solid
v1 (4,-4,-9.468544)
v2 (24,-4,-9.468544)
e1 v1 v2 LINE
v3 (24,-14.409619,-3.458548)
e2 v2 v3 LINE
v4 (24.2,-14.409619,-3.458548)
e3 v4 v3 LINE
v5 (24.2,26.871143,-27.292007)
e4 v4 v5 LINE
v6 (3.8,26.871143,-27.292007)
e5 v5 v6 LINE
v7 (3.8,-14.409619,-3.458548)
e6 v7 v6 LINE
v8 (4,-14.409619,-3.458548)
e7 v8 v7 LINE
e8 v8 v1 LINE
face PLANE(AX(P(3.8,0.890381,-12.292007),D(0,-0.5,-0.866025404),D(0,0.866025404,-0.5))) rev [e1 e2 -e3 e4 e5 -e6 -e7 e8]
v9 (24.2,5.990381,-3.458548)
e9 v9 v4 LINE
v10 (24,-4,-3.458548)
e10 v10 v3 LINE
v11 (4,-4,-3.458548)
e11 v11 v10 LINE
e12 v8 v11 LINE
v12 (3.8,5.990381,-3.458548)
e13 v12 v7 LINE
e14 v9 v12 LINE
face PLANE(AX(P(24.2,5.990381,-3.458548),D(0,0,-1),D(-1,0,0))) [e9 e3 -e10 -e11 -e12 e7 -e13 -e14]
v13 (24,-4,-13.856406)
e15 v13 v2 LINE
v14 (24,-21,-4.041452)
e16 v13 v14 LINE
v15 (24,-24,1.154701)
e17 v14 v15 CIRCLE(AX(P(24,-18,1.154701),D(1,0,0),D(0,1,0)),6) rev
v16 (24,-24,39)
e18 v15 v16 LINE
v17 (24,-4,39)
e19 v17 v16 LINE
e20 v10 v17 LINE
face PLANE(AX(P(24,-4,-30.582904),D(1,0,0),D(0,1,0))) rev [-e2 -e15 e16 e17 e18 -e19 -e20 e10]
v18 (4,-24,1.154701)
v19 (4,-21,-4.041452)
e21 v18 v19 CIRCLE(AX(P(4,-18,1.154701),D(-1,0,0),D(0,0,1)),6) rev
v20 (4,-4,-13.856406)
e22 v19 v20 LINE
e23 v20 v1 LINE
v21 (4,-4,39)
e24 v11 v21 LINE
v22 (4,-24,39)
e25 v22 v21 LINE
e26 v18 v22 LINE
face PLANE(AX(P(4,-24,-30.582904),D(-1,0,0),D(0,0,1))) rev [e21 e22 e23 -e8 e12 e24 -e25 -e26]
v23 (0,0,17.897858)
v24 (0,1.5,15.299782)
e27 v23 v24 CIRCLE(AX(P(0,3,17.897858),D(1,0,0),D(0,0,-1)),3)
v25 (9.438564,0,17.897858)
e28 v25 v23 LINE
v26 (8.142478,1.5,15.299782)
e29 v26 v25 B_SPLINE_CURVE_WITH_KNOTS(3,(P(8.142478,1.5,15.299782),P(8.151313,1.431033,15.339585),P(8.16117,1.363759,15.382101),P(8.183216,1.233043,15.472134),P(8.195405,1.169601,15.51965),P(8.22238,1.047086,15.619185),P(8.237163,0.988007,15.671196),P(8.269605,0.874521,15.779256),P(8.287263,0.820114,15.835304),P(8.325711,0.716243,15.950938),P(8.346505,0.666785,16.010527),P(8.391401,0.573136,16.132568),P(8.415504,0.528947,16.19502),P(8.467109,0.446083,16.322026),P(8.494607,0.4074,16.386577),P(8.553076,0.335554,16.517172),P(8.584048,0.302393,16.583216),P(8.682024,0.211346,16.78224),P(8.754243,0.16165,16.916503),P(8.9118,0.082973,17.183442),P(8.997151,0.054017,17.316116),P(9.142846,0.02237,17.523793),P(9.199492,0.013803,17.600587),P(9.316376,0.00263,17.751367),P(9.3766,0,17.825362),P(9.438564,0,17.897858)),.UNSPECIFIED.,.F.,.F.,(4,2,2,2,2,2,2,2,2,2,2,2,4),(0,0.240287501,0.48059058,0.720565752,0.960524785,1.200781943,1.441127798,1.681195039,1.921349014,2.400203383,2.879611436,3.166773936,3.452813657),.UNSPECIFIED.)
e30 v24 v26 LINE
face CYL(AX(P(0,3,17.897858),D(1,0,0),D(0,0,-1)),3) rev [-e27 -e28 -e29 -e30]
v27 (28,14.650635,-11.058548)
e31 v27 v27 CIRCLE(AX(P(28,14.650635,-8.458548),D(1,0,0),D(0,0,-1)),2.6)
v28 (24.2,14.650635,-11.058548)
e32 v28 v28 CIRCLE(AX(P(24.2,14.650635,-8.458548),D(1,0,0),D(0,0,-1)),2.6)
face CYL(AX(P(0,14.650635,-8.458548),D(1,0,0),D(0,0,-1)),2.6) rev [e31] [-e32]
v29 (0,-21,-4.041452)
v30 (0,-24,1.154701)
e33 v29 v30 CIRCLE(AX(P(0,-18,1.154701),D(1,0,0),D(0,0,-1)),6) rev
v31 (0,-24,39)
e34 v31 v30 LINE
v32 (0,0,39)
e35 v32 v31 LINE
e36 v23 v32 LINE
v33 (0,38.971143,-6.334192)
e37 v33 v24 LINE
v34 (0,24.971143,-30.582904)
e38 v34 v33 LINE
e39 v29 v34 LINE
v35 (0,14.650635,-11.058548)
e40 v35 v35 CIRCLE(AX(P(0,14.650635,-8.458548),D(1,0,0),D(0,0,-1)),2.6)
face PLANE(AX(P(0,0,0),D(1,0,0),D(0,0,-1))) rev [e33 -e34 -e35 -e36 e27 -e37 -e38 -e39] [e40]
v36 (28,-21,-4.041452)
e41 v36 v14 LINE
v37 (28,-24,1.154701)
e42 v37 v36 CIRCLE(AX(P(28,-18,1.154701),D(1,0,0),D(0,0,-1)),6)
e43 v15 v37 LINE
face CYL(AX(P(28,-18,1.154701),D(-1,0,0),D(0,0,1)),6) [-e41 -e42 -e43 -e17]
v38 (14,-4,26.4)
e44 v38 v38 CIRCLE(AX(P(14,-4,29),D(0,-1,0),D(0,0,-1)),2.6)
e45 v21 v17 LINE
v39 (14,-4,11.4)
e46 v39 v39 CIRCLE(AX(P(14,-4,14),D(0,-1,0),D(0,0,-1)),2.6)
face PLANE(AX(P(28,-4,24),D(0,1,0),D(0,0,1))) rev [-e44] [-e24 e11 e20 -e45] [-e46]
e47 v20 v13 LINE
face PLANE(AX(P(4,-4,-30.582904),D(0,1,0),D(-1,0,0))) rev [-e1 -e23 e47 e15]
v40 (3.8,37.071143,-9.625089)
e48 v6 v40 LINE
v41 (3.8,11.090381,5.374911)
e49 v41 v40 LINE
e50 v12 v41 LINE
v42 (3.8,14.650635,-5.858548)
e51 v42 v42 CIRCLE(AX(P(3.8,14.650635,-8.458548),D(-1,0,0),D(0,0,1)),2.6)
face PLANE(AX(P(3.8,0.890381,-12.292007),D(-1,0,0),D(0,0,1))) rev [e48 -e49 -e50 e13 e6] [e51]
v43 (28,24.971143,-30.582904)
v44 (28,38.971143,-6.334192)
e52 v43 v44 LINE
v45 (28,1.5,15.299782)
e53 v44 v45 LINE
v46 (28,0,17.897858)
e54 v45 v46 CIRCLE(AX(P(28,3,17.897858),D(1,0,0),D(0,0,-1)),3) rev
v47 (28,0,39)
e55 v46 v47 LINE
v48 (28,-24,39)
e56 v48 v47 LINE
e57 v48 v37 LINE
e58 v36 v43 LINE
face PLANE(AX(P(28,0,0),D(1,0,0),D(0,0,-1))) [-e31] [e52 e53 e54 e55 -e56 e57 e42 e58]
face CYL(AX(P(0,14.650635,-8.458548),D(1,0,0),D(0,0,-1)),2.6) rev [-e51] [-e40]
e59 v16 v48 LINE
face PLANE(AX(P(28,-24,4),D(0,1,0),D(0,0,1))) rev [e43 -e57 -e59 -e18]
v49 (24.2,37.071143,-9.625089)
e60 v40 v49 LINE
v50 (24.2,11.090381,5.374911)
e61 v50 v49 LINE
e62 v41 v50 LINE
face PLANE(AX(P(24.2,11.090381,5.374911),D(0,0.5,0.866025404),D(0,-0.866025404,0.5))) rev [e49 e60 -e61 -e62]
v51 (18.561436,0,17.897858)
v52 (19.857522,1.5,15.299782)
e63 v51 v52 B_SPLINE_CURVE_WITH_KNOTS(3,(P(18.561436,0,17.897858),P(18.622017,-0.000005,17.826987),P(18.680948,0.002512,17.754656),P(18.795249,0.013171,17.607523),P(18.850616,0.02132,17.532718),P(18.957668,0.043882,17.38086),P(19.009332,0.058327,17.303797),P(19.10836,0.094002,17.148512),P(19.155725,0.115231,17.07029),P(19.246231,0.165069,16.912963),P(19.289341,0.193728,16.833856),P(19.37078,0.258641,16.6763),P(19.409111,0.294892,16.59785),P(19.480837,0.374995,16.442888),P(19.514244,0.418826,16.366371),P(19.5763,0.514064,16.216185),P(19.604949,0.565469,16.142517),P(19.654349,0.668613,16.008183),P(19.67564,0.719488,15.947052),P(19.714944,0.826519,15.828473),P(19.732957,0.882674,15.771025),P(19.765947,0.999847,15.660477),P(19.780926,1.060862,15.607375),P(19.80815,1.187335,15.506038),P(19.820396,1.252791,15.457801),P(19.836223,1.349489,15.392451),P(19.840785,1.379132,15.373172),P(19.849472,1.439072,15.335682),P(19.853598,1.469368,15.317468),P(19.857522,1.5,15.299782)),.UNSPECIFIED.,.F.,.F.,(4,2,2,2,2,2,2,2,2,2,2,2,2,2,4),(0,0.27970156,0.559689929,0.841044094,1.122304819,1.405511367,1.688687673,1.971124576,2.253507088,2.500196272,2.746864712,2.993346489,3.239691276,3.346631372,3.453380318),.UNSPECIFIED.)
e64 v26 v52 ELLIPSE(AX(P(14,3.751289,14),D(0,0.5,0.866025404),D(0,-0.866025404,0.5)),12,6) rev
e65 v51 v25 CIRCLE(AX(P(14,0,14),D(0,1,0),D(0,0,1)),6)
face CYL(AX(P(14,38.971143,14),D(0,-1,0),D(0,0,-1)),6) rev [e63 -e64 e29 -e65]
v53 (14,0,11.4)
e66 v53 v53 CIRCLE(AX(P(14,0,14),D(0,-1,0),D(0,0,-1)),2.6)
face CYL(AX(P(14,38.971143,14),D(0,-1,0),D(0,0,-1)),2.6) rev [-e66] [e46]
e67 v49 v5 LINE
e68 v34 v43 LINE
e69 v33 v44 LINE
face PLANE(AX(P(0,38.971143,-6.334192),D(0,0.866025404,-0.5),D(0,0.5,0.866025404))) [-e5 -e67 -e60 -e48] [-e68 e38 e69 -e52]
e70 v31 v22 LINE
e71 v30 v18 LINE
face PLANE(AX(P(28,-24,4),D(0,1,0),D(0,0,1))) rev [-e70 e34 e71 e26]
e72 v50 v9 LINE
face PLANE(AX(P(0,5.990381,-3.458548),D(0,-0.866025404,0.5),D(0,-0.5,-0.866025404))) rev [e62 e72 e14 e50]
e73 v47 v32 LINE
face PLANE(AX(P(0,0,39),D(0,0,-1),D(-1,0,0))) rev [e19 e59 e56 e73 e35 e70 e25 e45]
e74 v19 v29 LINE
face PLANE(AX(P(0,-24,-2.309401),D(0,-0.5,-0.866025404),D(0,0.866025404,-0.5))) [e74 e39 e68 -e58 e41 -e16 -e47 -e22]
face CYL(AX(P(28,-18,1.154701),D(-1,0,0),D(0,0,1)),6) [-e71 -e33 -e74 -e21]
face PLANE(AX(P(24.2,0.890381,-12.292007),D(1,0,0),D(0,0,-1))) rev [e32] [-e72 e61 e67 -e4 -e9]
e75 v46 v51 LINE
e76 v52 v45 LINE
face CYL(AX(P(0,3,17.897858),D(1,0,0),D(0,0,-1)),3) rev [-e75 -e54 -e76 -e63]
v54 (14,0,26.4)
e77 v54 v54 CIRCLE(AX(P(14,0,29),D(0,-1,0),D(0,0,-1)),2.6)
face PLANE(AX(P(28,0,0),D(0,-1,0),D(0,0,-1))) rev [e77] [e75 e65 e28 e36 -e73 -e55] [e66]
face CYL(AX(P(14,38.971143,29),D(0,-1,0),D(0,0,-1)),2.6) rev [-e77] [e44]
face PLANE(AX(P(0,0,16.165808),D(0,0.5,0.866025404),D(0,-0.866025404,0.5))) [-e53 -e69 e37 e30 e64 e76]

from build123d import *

# Parameters (mm, degrees)
BOSS_EXTRUDE1_DEPTH = 28
BOSS_EXTRUDE2_DEPTH = 28
SKETCH5_W           = 20.4
SKETCH5_H           = 20.4
CUT_EXTRUDE3_DEPTH  = 30
CUT_EXTRUDE4_DEPTH  = 20.4
SKETCH7_R           = 2.6
CUT_EXTRUDE5_DEPTH  = 57.903989341
SKETCH8_W           = 20
SKETCH8_H           = 20
CUT_EXTRUDE6_DEPTH  = 60.150040009
SKETCH9_W           = 4
SKETCH9_H           = 20
BOSS_EXTRUDE3_DEPTH = 20
BOSS_EXTRUDE4_DEPTH = 15
SKETCH11_R          = 2.6
CUT_EXTRUDE7_DEPTH  = 65.43228341
SKETCH12_R          = 6
CUT_EXTRUDE8_DEPTH  = 62.836477907
FILLET1_R           = 3
FILLET2_R           = 6


with BuildPart() as part:
    # Sketch1 → Boss-Extrude1 (new body)
    with BuildSketch(Plane(origin=(0, 0, 0), x_dir=(0, 0, -1), z_dir=(1, 0, 0))):
        Polygon((0, 0), (-24, 0), (-24, -4), (-4, -4), (-4, -24), (0, -24), align=None)
    extrude(amount=BOSS_EXTRUDE1_DEPTH)

    # Sketch2 → Boss-Extrude2 (add)
    with BuildSketch(Plane(origin=(28, 0, 0), x_dir=(0, 0, -1), z_dir=(1, 0, 0))):
        Polygon((2.309401077, -24), (30.582903769, 24.97114317), (6.334192463, 38.97114317), (-16.165807537, 0), (0, 0), (0, -24), align=None)
    extrude(amount=-BOSS_EXTRUDE2_DEPTH)

    # Sketch5 → Cut-Extrude3 (cut)
    with BuildSketch(Plane(origin=(0, 31.97114317, -18.458548116), x_dir=(1, 0, 0), z_dir=(0, 0.8660254037844402, -0.4999999999999977))):
        with Locations((14, 0)):
            Rectangle(SKETCH5_W, SKETCH5_H)
    extrude(amount=-CUT_EXTRUDE3_DEPTH, mode=Mode.SUBTRACT)

    # Sketch6 → Cut-Extrude4 (cut)
    with BuildSketch(Plane(origin=(3.8, 0, 0), x_dir=(0, 0, -1), z_dir=(1, 0, 0))):
        Polygon((12.292007234, 0.890381057), (3.458548116, 5.990381057), (3.458548116, -14.409618943), align=None)
    extrude(amount=CUT_EXTRUDE4_DEPTH, mode=Mode.SUBTRACT)

    # Sketch7 → Cut-Extrude5 (cut, through all)
    with BuildSketch(Plane(origin=(28, 0, 0), x_dir=(0, 0, -1), z_dir=(1, 0, 0))):
        with Locations((8.458548116, 14.650635095)):
            Circle(SKETCH7_R)
    extrude(amount=-CUT_EXTRUDE5_DEPTH, mode=Mode.SUBTRACT)

    # Sketch8 → Cut-Extrude6 (cut, through all)
    with BuildSketch(Plane.XY.offset(4)):
        with Locations((14, -14)):
            Rectangle(SKETCH8_W, SKETCH8_H)
    extrude(amount=-CUT_EXTRUDE6_DEPTH, mode=Mode.SUBTRACT)

    # Sketch9 → Boss-Extrude3 (add)
    with BuildSketch(Plane.XY.offset(4)):
        with Locations((2, -14)):
            Rectangle(SKETCH9_W, SKETCH9_H)
        with Locations((26, -14)):
            Rectangle(SKETCH9_W, SKETCH9_H)
    extrude(amount=BOSS_EXTRUDE3_DEPTH)

    # Sketch10 → Boss-Extrude4 (add)
    with BuildSketch(Plane.XY.offset(24)):
        Polygon((0, 0), (28, 0), (28, -24), (24, -24), (24, -4), (4, -4), (4, -24), (0, -24), align=None)
    extrude(amount=BOSS_EXTRUDE4_DEPTH)

    # Sketch11 → Cut-Extrude7 (cut, through all)
    with BuildSketch(Plane.XZ.offset(4)):
        with Locations(Location((14, 29, 0), (0, 0, 270))):
            Circle(SKETCH11_R)
        with Locations(Location((14, 14, 0), (0, 0, 270))):
            Circle(SKETCH11_R)
    extrude(amount=-CUT_EXTRUDE7_DEPTH, mode=Mode.SUBTRACT)

    # Sketch12 → Cut-Extrude8 (cut, through all)
    with BuildSketch(Plane(origin=(0, 0, 0), x_dir=(1, 0, 0), z_dir=(0, 1, 0))):
        with Locations((14, -14)):
            Circle(SKETCH12_R)
    extrude(amount=CUT_EXTRUDE8_DEPTH, mode=Mode.SUBTRACT)

    # Fillet1
    fillet1_edges = [part.edges().sort_by_distance(p)[0] for p in [
        (23.797734696, 0, 16.165807537),
        (4.202265304, 0, 16.165807537),
    ]]
    fillet(fillet1_edges, radius=FILLET1_R)

    # Fillet2
    fillet2_edges = [part.edges().sort_by_distance(p)[0] for p in [
        (2, -24, -2.309401077),
        (26, -24, -2.309401077),
    ]]
    fillet(fillet2_edges, radius=FILLET2_R)


solid = part.part
